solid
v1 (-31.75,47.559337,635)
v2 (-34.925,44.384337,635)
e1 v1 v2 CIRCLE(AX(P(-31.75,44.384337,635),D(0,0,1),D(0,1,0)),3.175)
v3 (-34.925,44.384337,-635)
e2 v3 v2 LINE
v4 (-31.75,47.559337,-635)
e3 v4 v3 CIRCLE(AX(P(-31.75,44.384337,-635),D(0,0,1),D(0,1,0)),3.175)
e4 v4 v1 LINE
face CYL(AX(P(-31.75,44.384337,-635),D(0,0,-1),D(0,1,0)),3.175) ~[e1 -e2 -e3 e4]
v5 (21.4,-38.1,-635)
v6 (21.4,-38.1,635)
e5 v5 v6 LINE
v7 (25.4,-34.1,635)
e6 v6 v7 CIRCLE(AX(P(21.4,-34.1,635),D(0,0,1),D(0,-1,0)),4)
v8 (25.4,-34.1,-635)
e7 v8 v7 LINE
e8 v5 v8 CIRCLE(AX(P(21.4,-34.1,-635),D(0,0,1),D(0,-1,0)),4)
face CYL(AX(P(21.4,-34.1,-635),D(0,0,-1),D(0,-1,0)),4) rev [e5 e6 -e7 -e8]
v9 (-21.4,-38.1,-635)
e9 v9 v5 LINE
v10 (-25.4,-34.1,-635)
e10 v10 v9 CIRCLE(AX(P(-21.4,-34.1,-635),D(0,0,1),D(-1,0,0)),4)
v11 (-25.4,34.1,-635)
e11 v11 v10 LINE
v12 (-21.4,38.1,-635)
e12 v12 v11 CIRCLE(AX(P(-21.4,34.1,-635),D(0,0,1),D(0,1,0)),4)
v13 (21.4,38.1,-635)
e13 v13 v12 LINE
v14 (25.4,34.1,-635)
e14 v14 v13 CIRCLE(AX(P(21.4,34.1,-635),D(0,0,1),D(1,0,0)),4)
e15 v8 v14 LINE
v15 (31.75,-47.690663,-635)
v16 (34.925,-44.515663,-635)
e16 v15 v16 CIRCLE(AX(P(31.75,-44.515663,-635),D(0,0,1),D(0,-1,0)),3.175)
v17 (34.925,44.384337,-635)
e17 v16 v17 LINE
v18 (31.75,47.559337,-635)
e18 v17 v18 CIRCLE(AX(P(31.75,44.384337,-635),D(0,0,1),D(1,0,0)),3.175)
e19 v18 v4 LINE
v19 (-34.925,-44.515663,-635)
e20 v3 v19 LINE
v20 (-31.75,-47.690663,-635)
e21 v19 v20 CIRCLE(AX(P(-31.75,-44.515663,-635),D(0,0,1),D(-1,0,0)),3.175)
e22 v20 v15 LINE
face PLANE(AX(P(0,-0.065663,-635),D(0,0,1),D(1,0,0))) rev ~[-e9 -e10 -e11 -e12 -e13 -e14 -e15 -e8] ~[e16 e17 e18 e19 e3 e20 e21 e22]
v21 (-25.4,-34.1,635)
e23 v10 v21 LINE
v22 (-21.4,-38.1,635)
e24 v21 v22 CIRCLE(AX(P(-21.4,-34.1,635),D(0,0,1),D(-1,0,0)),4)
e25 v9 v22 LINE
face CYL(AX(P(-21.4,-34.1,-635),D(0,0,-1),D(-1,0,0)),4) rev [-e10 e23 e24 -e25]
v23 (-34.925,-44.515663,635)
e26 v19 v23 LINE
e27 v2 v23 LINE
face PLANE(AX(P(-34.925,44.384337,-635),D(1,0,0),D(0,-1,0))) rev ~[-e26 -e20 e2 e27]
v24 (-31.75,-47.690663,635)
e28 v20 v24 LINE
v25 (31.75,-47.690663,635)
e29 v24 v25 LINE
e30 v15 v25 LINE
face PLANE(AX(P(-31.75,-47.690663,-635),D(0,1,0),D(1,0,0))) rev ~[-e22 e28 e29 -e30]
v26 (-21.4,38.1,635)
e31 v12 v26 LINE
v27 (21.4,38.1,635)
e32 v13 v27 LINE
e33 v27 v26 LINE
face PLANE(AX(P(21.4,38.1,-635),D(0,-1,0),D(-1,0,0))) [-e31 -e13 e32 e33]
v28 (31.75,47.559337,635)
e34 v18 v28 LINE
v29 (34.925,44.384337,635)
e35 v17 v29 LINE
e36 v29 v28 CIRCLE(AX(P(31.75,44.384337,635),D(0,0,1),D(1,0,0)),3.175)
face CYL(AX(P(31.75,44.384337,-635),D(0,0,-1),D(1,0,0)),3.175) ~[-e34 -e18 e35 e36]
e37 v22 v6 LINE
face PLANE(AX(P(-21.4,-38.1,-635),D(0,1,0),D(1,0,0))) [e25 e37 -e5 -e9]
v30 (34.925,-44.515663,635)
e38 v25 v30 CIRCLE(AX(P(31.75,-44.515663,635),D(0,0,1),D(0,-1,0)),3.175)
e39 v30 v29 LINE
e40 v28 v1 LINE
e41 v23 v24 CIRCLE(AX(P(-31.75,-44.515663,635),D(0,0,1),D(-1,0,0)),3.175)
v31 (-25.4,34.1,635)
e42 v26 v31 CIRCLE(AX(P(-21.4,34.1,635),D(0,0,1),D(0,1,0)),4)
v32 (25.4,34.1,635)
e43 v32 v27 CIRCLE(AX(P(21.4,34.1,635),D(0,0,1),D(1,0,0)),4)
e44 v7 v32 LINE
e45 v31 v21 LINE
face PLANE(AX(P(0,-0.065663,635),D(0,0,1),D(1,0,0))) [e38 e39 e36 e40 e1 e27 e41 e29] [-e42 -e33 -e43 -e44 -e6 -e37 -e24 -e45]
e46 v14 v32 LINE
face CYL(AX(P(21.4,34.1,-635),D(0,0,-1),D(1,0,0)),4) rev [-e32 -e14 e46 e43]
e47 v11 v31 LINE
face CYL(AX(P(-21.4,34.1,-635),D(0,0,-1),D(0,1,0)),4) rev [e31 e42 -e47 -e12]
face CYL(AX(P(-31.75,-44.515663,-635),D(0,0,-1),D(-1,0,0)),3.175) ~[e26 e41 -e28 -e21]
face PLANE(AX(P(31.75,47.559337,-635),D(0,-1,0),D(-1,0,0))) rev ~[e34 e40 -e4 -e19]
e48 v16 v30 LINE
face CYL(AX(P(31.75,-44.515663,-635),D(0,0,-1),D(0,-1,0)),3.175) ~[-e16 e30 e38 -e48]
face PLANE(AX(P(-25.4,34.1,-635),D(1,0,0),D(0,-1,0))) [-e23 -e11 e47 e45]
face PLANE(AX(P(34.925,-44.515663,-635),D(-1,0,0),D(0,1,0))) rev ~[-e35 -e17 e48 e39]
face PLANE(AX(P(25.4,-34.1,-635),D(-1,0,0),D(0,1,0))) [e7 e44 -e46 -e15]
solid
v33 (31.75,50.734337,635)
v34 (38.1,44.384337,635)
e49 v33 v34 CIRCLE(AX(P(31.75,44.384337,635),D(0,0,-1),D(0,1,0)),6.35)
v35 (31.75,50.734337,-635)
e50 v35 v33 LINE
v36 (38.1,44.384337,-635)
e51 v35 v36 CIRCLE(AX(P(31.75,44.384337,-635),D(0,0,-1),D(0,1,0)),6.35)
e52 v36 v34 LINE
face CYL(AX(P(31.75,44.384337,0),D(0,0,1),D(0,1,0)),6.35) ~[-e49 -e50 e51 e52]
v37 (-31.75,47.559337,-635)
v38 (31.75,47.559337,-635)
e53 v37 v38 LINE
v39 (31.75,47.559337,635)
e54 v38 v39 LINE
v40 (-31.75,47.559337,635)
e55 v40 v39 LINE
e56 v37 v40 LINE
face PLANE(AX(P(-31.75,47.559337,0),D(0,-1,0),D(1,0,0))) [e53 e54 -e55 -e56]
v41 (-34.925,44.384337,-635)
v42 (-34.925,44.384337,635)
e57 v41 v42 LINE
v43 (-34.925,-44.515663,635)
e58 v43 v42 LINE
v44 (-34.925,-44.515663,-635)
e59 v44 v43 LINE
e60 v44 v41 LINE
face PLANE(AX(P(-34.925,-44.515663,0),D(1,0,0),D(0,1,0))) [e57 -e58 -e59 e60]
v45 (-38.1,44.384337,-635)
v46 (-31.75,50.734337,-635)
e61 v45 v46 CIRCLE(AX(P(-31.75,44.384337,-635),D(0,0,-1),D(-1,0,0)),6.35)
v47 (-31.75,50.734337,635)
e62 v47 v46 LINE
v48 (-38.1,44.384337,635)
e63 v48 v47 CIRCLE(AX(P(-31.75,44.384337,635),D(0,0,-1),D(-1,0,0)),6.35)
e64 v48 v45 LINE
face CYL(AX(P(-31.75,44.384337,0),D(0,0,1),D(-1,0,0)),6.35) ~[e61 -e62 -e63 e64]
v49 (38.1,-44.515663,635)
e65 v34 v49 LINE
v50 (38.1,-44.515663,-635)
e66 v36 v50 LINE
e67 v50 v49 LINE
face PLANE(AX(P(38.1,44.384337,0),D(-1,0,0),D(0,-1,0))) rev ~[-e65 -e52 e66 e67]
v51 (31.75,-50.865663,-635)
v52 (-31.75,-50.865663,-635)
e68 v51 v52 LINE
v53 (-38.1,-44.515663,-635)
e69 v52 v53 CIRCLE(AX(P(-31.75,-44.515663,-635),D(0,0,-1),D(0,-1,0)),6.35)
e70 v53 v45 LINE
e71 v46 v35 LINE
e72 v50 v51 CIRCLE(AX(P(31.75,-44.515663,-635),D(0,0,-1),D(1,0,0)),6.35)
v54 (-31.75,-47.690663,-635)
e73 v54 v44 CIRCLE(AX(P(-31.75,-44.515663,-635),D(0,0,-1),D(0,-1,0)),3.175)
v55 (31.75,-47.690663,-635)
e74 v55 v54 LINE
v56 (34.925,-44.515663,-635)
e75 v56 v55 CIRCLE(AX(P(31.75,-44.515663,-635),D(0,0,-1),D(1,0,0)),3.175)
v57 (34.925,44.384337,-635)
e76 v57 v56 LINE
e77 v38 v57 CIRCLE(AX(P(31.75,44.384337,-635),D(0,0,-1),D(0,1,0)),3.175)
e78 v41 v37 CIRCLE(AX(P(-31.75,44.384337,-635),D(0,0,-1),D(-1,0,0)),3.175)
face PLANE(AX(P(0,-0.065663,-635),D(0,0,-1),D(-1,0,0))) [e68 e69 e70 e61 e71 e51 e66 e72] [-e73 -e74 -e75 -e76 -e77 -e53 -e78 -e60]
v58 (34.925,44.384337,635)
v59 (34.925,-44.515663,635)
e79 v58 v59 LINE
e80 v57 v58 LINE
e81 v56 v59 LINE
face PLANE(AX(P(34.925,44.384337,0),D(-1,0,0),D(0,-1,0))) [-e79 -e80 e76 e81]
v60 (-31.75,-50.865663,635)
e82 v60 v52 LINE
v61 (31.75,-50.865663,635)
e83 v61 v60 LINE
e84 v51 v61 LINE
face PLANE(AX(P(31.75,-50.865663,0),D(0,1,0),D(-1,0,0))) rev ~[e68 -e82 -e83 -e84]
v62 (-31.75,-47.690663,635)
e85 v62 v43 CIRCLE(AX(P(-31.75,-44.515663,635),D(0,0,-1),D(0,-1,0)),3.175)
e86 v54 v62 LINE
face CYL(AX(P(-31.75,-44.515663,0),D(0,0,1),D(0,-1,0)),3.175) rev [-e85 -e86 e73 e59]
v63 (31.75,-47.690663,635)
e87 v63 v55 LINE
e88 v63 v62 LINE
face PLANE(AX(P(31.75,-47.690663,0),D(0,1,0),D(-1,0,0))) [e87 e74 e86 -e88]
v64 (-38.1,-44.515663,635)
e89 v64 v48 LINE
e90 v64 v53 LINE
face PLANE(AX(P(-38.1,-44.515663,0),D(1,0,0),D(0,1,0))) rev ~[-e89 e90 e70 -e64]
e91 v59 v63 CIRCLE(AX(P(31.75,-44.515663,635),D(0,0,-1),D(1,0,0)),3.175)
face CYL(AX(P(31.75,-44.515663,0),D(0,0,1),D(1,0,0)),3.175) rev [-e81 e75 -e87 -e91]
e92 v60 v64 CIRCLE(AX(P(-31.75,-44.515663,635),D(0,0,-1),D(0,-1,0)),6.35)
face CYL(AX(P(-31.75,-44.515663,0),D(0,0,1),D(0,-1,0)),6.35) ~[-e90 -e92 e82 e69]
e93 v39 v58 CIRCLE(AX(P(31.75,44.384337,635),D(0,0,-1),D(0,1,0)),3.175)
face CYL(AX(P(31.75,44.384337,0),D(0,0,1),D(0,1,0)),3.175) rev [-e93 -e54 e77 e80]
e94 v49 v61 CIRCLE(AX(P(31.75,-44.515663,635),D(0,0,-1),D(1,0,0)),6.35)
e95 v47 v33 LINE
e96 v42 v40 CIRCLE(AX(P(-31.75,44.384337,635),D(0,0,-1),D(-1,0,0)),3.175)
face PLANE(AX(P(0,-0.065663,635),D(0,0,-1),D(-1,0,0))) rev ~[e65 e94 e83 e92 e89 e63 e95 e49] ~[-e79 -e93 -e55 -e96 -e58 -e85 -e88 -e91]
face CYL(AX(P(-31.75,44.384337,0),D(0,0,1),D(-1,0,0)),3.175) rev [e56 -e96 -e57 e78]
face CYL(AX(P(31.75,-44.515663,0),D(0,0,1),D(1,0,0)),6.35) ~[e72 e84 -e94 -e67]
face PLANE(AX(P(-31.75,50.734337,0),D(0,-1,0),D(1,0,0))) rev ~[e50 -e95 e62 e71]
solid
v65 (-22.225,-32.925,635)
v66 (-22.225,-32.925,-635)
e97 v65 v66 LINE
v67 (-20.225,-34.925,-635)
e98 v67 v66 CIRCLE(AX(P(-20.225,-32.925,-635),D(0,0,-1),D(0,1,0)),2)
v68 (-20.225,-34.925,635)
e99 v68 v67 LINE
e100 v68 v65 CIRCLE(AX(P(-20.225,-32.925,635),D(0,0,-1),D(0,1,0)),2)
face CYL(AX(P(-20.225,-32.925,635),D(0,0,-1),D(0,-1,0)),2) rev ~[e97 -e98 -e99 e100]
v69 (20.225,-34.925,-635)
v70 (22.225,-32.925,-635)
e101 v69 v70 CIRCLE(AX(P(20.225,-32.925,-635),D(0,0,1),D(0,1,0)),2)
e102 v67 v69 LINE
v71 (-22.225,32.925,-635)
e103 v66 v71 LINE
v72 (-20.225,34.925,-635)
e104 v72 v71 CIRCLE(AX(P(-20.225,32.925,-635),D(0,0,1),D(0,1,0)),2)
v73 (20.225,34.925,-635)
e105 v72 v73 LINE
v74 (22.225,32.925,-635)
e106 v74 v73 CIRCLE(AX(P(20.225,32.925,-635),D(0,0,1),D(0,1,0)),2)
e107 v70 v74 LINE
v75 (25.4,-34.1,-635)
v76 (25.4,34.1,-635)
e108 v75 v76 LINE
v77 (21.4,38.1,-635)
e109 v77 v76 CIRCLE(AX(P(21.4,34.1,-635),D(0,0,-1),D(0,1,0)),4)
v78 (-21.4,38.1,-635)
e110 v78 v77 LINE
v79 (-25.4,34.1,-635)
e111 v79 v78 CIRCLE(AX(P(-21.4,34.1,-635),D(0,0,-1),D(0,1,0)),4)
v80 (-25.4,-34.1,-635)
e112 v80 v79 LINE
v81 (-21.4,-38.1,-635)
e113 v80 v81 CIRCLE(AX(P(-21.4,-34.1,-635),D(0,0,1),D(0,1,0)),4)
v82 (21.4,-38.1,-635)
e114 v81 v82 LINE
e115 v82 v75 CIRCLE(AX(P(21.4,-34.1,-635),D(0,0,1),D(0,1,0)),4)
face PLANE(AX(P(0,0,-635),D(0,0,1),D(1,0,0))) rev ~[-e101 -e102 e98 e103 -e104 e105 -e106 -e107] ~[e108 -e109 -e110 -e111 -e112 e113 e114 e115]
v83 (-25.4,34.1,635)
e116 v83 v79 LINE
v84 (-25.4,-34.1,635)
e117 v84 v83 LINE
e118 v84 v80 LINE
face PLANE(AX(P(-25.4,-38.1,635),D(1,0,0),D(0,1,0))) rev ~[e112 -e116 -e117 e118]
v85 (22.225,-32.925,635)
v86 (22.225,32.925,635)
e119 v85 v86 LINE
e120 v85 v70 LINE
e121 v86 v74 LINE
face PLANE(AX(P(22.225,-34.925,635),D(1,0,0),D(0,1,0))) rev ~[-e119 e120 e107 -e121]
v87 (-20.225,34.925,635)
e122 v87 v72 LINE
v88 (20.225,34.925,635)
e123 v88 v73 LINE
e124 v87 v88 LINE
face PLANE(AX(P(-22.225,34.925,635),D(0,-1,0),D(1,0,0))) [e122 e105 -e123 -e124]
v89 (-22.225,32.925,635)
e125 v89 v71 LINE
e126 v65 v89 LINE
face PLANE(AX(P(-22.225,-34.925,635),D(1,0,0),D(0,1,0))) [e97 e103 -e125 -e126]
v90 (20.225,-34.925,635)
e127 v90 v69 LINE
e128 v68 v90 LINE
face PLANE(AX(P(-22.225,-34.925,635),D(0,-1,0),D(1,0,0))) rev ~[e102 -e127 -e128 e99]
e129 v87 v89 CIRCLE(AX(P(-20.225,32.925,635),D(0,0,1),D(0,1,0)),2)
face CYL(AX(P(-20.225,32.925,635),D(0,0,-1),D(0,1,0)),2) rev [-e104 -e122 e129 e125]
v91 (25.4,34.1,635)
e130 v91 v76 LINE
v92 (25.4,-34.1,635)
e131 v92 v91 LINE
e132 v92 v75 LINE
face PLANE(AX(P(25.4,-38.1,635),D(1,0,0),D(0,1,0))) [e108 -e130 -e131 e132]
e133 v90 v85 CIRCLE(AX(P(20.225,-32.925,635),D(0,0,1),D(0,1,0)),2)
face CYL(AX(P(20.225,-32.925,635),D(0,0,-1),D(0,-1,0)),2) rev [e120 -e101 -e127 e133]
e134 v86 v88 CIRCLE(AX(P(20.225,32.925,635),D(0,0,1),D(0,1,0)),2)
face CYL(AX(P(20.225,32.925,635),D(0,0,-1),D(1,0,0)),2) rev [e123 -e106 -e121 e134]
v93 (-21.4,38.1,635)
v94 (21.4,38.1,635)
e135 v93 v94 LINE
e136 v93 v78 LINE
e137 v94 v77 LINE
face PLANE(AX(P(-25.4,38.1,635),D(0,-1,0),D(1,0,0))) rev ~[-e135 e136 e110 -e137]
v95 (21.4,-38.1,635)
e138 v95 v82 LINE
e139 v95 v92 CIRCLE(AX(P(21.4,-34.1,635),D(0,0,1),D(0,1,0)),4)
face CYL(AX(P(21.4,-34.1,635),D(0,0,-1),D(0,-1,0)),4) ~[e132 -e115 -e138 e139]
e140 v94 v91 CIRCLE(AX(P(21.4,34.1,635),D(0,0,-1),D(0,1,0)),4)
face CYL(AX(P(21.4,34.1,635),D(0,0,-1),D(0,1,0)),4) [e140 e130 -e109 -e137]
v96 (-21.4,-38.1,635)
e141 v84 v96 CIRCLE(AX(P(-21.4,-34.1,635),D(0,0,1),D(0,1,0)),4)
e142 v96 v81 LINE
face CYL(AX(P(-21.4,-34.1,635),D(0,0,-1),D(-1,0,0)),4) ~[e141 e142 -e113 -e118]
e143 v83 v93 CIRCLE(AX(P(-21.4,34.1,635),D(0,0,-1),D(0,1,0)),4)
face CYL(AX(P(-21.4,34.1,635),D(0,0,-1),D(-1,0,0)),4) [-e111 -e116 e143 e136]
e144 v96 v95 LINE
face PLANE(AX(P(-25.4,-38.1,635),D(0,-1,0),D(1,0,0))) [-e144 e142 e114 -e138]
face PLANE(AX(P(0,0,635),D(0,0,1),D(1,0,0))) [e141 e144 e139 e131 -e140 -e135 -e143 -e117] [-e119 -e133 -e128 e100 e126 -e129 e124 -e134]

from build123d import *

# Parameters (mm, degrees)
BOSS_EXTRUDE1_DEPTH = 635
BOSS_EXTRUDE4_START = 635
SKETCH8_W           = 50.8
SKETCH8_H           = 76.2
SKETCH8_W_2         = 44.45
SKETCH8_H_2         = 69.85
BOSS_EXTRUDE4_DEPTH = 1270
FILLET1_R           = 4
FILLET2_R           = 2
BOSS_EXTRUDE5_DEPTH = 1270


with BuildPart() as part:
    # Sketch4 → Boss-Extrude1 (new body, symmetric)
    with BuildSketch(Plane.XY):
        with BuildLine():
            Line((31.75, -50.865662775), (-31.75, -50.865662775))
            ThreePointArc((-31.75, -50.865662775), (-36.240128061, -49.005790836), (-38.1, -44.515662775))
            Line((-38.1, -44.515662775), (-38.1, 44.384337225))
            ThreePointArc((-38.1, 44.384337225), (-36.240128061, 48.874465286), (-31.75, 50.734337225))
            Line((-31.75, 50.734337225), (31.75, 50.734337225))
            ThreePointArc((31.75, 50.734337225), (36.240128061, 48.874465286), (38.1, 44.384337225))
            Line((38.1, 44.384337225), (38.1, -44.515662775))
            ThreePointArc((38.1, -44.515662775), (36.240128061, -49.005790836), (31.75, -50.865662775))
        make_face()
        with BuildLine():
            Line((31.75, -47.690662775), (-31.75, -47.690662775))
            ThreePointArc((-31.75, -47.690662775), (-33.99506403, -46.760726805), (-34.925, -44.515662775))
            Line((-34.925, -44.515662775), (-34.925, 44.384337225))
            ThreePointArc((-34.925, 44.384337225), (-33.99506403, 46.629401255), (-31.75, 47.559337225))
            Line((-31.75, 47.559337225), (31.75, 47.559337225))
            ThreePointArc((31.75, 47.559337225), (33.99506403, 46.629401255), (34.925, 44.384337225))
            Line((34.925, 44.384337225), (34.925, -44.515662775))
            ThreePointArc((34.925, -44.515662775), (33.99506403, -46.760726805), (31.75, -47.690662775))
        make_face(mode=Mode.SUBTRACT)
    extrude(amount=BOSS_EXTRUDE1_DEPTH, both=True)


with BuildPart() as body_2:
    # Sketch8 → Boss-Extrude4 (new body)
    with BuildSketch(Plane.XY.offset(BOSS_EXTRUDE4_START)):
        Rectangle(SKETCH8_W, SKETCH8_H)
        Rectangle(SKETCH8_W_2, SKETCH8_H_2, mode=Mode.SUBTRACT)
    extrude(amount=-BOSS_EXTRUDE4_DEPTH)

    # Fillet1
    fillet1_edges = [body_2.edges().sort_by_distance(p)[0] for p in [
        (25.4, 38.1, 0),
        (25.4, -38.1, 0),
        (-25.4, -38.1, 0),
        (-25.4, 38.1, 0),
    ]]
    fillet(fillet1_edges, radius=FILLET1_R)

    # Fillet2
    fillet2_edges = [body_2.edges().sort_by_distance(p)[0] for p in [
        (22.225, -34.925, 0),
        (-22.225, -34.925, 0),
        (-22.225, 34.925, 0),
        (22.225, 34.925, 0),
    ]]
    fillet(fillet2_edges, radius=FILLET2_R)


with BuildPart() as body_3:
    # Sketch9 → Boss-Extrude5 (new body)
    with BuildSketch(Plane(origin=(0, 0, -635), x_dir=(-1, 0, 0), z_dir=(0, 0, -1))):
        with BuildLine():
            Line((31.75, -47.690662775), (-31.75, -47.690662775))
            ThreePointArc((-31.75, -47.690662775), (-33.99506403, -46.760726805), (-34.925, -44.515662775))
            Line((-34.925, -44.515662775), (-34.925, 44.384337225))
            ThreePointArc((-34.925, 44.384337225), (-33.99506403, 46.629401255), (-31.75, 47.559337225))
            Line((-31.75, 47.559337225), (31.75, 47.559337225))
            ThreePointArc((31.75, 47.559337225), (33.99506403, 46.629401255), (34.925, 44.384337225))
            Line((34.925, 44.384337225), (34.925, -44.515662775))
            ThreePointArc((34.925, -44.515662775), (33.99506403, -46.760726805), (31.75, -47.690662775))
        make_face()
        with BuildLine():
            Line((21.4, -38.1), (-21.4, -38.1))
            ThreePointArc((-21.4, -38.1), (-24.228427125, -36.928427125), (-25.4, -34.1))
            Line((-25.4, -34.1), (-25.4, 34.1))
            ThreePointArc((-25.4, 34.1), (-24.228427125, 36.928427125), (-21.4, 38.1))
            Line((-21.4, 38.1), (21.4, 38.1))
            ThreePointArc((21.4, 38.1), (24.228427125, 36.928427125), (25.4, 34.1))
            Line((25.4, 34.1), (25.4, -34.1))
            ThreePointArc((25.4, -34.1), (24.228427125, -36.928427125), (21.4, -38.1))
        make_face(mode=Mode.SUBTRACT)
    extrude(amount=-BOSS_EXTRUDE5_DEPTH)


solid = Compound([part.part, body_2.part, body_3.part])
